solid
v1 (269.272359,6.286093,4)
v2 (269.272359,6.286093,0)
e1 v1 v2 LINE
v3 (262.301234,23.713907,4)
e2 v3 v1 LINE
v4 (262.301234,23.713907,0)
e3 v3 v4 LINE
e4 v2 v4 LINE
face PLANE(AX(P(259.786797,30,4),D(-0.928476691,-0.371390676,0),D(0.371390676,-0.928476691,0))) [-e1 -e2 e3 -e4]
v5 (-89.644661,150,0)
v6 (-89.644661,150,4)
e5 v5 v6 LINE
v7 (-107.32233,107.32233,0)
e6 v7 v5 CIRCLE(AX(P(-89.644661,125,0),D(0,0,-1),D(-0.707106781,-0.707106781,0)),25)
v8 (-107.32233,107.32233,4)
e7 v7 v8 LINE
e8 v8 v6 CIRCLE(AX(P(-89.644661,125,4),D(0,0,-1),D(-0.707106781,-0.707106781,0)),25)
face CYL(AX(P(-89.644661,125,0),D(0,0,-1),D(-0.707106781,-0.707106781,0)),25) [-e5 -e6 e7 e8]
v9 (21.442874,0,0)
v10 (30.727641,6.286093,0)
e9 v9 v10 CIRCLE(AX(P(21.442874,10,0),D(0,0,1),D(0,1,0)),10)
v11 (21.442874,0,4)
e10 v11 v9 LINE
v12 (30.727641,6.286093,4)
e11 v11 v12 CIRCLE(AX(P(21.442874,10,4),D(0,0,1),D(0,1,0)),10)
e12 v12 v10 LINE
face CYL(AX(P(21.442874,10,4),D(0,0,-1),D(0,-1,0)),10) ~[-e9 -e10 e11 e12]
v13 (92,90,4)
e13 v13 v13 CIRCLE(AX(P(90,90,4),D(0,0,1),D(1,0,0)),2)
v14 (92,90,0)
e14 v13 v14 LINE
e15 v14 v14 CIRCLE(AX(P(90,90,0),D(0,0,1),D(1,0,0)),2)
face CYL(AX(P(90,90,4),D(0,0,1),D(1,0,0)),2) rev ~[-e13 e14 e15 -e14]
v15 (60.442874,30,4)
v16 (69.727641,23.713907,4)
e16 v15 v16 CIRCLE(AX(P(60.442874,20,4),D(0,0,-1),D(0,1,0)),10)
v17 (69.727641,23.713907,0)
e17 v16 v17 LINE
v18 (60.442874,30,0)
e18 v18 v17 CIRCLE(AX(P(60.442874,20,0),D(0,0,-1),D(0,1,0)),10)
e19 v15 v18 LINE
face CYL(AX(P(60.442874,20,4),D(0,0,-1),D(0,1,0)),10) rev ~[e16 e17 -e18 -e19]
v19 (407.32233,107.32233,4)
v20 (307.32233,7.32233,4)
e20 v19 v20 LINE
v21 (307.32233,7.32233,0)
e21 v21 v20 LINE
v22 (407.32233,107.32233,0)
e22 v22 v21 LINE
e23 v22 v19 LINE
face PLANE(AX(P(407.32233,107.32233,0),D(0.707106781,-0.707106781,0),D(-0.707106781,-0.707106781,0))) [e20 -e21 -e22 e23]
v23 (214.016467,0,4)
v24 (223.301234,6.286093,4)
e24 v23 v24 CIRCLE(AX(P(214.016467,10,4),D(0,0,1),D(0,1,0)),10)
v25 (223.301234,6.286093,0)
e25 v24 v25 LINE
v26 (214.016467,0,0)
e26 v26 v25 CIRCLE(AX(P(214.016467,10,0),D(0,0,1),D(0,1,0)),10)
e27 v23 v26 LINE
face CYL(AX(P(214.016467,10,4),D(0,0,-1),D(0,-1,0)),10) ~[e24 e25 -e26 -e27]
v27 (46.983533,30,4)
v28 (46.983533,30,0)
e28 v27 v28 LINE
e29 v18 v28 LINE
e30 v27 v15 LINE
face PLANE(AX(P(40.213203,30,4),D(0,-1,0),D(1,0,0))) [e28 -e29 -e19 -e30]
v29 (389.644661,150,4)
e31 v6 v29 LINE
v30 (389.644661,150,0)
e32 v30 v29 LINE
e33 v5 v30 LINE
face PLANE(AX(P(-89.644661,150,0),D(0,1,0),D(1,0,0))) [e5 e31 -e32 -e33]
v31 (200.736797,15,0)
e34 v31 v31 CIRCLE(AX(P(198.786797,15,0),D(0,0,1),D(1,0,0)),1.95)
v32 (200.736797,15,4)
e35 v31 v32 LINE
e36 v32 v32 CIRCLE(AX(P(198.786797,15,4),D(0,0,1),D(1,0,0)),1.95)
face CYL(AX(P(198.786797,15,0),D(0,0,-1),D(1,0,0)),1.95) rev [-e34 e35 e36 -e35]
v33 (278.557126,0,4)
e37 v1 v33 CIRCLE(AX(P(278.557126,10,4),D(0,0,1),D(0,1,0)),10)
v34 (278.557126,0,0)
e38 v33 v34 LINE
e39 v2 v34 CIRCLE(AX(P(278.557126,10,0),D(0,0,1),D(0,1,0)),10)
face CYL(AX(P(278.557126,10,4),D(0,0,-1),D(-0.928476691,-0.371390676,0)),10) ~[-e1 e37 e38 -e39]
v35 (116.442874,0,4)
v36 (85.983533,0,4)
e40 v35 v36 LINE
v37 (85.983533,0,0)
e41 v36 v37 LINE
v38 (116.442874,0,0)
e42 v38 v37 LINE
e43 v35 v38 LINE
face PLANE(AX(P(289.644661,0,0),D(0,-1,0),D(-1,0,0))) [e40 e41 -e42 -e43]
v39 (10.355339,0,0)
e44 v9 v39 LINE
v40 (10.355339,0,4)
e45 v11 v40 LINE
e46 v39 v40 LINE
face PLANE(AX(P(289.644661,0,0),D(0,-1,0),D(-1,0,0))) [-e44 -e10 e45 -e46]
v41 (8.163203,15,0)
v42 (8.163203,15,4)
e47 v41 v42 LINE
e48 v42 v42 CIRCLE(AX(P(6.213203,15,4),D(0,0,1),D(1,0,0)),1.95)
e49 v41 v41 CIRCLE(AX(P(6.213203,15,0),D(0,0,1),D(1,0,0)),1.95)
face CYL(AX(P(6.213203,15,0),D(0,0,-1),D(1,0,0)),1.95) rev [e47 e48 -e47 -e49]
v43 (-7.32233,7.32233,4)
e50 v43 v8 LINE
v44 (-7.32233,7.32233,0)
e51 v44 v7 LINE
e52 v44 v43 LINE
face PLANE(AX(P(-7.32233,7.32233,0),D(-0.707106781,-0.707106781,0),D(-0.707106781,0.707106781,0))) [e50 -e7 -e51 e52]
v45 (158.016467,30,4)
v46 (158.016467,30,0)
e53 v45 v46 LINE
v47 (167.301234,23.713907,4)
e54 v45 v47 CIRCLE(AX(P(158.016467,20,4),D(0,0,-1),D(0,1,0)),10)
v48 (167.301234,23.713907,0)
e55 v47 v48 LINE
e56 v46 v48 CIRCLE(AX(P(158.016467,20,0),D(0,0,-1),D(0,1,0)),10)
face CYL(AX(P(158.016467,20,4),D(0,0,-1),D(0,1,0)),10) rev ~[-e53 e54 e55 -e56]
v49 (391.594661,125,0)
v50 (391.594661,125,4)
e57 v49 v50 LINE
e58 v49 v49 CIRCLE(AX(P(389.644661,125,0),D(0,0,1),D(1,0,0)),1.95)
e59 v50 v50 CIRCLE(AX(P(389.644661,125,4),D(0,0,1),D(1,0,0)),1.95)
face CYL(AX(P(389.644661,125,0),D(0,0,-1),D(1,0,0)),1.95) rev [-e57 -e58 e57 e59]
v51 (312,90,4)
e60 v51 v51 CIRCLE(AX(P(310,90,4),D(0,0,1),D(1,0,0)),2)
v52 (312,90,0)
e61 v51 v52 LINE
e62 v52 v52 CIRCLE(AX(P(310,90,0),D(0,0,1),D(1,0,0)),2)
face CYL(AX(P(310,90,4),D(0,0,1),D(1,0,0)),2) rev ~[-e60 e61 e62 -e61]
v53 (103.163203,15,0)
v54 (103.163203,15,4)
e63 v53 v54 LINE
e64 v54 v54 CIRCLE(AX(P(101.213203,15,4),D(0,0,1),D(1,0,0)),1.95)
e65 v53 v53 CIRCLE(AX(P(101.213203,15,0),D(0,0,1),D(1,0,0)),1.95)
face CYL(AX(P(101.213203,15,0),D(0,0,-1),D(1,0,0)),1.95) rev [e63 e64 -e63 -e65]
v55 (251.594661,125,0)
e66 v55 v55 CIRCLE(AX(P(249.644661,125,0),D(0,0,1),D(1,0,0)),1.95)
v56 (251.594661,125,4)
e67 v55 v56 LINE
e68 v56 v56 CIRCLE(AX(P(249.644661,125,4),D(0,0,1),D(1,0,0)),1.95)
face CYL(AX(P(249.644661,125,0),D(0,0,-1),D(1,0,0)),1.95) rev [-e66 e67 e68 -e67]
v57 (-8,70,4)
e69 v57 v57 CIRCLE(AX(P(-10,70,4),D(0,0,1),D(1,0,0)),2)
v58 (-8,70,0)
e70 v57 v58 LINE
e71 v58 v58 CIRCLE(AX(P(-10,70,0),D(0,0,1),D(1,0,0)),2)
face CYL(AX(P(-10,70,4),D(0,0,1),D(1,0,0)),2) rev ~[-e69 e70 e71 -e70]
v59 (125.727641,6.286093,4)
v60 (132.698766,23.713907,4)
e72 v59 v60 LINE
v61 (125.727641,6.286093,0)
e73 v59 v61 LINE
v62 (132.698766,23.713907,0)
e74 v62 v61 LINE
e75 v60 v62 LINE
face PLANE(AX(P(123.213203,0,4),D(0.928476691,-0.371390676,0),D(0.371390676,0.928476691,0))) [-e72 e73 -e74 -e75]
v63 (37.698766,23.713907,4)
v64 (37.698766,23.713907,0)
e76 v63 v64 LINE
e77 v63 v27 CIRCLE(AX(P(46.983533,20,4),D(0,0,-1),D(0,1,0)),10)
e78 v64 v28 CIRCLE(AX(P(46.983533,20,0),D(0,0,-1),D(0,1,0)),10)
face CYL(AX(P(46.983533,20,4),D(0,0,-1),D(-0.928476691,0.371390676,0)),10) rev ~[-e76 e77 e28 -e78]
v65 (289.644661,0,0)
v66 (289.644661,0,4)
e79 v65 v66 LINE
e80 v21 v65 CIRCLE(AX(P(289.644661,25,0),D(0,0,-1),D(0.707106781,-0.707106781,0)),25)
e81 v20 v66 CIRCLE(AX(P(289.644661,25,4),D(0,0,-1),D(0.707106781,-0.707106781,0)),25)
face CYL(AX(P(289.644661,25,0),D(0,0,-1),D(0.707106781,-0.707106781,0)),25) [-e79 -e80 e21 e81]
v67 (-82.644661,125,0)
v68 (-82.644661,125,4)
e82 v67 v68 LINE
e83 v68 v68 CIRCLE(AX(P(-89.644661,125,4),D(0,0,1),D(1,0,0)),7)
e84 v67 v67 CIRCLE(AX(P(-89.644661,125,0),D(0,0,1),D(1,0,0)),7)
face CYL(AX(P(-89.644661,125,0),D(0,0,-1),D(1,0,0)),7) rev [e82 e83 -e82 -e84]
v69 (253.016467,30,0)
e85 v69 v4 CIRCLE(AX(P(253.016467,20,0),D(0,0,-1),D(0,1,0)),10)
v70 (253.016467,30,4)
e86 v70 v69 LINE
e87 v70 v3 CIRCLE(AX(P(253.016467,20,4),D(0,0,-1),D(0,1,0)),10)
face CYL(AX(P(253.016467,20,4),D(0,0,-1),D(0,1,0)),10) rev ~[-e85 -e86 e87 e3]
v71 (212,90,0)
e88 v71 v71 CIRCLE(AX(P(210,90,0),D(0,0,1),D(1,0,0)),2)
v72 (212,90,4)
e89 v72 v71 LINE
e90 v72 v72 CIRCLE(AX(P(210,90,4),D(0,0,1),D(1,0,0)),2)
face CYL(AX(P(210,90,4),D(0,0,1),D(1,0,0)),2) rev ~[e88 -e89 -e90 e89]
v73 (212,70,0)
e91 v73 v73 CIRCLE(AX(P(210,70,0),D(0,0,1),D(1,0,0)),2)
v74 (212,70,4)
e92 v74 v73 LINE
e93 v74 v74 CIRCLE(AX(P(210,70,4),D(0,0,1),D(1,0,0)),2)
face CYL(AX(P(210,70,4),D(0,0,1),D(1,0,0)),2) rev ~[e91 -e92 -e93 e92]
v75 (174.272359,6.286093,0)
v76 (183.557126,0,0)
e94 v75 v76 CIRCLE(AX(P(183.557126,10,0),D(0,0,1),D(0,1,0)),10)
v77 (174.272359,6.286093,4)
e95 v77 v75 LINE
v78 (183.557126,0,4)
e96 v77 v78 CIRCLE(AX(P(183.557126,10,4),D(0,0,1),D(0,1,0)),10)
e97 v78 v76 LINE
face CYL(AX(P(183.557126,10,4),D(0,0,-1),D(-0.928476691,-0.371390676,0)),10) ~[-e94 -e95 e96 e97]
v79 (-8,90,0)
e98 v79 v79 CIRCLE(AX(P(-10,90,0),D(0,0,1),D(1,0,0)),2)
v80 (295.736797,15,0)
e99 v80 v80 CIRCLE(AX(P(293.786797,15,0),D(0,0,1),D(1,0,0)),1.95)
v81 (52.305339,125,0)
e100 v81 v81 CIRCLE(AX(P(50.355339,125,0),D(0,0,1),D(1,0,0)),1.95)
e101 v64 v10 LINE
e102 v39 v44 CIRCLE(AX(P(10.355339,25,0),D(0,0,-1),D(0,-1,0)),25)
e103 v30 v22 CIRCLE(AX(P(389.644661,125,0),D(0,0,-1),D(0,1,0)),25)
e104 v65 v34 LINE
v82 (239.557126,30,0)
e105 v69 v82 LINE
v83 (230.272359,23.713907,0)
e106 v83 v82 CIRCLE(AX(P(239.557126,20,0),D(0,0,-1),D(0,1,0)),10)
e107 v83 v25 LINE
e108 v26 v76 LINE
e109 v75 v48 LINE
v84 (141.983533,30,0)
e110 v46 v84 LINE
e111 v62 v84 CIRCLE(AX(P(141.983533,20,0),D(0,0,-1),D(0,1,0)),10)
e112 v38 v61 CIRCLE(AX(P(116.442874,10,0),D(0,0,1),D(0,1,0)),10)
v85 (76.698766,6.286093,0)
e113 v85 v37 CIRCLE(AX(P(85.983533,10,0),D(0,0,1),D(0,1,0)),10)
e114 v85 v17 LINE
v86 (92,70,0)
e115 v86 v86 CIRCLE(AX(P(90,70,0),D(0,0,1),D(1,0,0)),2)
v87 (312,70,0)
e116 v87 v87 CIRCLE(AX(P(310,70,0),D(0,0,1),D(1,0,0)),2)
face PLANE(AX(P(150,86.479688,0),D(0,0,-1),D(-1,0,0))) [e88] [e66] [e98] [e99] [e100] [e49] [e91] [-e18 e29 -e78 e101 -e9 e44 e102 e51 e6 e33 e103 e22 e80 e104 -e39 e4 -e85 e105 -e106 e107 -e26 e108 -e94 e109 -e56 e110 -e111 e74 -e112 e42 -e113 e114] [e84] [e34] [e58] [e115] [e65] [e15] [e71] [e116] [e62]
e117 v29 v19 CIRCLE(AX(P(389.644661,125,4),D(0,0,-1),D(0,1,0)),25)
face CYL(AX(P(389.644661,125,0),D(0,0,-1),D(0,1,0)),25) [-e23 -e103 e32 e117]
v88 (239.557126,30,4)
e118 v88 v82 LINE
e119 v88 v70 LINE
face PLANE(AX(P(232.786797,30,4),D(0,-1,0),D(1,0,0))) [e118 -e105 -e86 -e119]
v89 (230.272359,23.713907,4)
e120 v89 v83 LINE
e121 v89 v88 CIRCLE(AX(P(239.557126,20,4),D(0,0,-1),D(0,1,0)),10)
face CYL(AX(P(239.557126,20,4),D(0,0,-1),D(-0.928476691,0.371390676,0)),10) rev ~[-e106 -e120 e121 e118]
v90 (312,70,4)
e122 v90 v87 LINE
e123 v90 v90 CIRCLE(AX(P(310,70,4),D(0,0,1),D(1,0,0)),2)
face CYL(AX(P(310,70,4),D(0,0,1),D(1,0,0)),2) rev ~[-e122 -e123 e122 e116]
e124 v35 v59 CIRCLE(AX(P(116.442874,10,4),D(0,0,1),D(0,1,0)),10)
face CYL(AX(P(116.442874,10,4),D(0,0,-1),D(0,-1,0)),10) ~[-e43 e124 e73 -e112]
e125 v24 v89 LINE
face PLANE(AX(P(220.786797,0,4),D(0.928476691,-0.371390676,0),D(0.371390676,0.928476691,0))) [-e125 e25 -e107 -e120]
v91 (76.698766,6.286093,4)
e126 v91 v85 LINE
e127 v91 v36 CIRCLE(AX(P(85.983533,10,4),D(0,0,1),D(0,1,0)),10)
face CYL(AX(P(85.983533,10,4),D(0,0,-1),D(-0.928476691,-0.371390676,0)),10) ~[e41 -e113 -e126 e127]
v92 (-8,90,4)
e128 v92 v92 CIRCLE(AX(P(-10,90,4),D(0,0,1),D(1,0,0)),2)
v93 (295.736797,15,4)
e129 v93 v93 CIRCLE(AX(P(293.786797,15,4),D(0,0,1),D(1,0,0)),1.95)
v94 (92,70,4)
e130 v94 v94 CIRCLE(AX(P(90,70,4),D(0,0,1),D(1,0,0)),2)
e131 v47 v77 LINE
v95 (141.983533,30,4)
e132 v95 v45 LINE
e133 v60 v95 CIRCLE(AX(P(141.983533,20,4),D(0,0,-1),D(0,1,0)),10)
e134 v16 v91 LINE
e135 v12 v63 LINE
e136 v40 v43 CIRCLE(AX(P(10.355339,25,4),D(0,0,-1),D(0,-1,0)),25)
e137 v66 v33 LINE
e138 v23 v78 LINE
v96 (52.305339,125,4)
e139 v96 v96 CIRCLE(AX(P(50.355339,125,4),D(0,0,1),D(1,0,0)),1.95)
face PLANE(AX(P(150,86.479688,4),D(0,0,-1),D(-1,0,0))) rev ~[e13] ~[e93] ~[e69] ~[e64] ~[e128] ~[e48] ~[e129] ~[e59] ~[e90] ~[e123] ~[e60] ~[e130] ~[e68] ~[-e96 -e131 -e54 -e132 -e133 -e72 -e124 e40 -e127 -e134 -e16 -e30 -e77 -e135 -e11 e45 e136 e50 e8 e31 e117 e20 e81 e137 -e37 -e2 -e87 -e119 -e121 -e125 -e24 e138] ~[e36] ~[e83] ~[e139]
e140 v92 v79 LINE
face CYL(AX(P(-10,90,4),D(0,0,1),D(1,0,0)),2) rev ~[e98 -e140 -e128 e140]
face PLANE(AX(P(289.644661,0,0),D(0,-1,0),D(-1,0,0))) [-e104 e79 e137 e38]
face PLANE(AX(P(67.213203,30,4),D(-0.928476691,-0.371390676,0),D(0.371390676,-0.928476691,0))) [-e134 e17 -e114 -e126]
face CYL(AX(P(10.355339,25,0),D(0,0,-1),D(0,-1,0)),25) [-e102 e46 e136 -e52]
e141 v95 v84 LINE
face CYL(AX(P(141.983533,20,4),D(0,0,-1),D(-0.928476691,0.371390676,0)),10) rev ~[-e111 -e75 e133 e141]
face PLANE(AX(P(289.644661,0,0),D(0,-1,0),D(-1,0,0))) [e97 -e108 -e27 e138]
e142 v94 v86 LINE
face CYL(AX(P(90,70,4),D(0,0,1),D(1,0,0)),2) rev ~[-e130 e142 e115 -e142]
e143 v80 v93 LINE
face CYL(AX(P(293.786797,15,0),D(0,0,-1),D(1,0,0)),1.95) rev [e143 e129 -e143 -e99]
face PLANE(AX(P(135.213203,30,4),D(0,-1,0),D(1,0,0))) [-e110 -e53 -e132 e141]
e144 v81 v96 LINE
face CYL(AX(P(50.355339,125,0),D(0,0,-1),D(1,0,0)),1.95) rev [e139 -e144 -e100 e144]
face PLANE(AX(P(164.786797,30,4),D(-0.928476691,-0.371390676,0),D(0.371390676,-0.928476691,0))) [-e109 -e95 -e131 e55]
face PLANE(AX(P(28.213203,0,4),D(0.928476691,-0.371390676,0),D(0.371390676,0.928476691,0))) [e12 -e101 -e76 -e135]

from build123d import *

# Parameters (mm, degrees)
SKETCH_1_R          = 1.95
SKETCH_1_R_2        = 7
EXTRUDE_1_DEPTH     = 4
SKETCH_2_R          = 2
CUT_EXTRUDE_1_DEPTH = 10
CUT_EXTRUDE_2_DEPTH = 10
FILLET_1_R          = 10


with BuildPart() as part:
    # 草图1 → 凸台-拉伸1 (new body)
    with BuildSketch(Plane.XY):
        with BuildLine():
            Line((-7.32233047, 7.32233047), (-107.32233047, 107.32233047))
            ThreePointArc((-107.32233047, 107.32233047), (-112.741649253, 134.567085809), (-89.644660941, 150))
            Line((-89.644660941, 150), (389.644660941, 150))
            ThreePointArc((389.644660941, 150), (412.741649253, 134.567085809), (407.32233047, 107.32233047))
            Line((407.32233047, 107.32233047), (307.32233047, 7.32233047))
            ThreePointArc((307.32233047, 7.32233047), (299.21174675, 1.903011687), (289.644660941, 0))
            Line((289.644660941, 0), (10.355339059, 0))
            ThreePointArc((10.355339059, 0), (0.78825325, 1.903011687), (-7.32233047, 7.32233047))
        make_face()
        with Locations((50.355339059, 125)):
            Circle(SKETCH_1_R, mode=Mode.SUBTRACT)
        with Locations((249.644660941, 125)):
            Circle(SKETCH_1_R, mode=Mode.SUBTRACT)
        with Locations((101.213203436, 15)):
            Circle(SKETCH_1_R, mode=Mode.SUBTRACT)
        with Locations((198.786796564, 15)):
            Circle(SKETCH_1_R, mode=Mode.SUBTRACT)
        with Locations((-89.644660941, 125)):
            Circle(SKETCH_1_R_2, mode=Mode.SUBTRACT)
        with Locations((6.213203436, 15)):
            Circle(SKETCH_1_R, mode=Mode.SUBTRACT)
        with Locations((293.786796564, 15)):
            Circle(SKETCH_1_R, mode=Mode.SUBTRACT)
        with Locations((389.644660941, 125)):
            Circle(SKETCH_1_R, mode=Mode.SUBTRACT)
    extrude(amount=EXTRUDE_1_DEPTH)

    # 草图2 → 切除-拉伸1 (cut)
    with BuildSketch(Plane.XY.offset(4)):
        with Locations((-10, 90)):
            Circle(SKETCH_2_R)
        with Locations((90, 90)):
            Circle(SKETCH_2_R)
        with Locations((210, 90)):
            Circle(SKETCH_2_R)
        with Locations((310, 90)):
            Circle(SKETCH_2_R)
        with Locations((-10, 70)):
            Circle(SKETCH_2_R)
        with Locations((90, 70)):
            Circle(SKETCH_2_R)
        with Locations((210, 70)):
            Circle(SKETCH_2_R)
        with Locations((310, 70)):
            Circle(SKETCH_2_R)
    extrude(amount=-CUT_EXTRUDE_1_DEPTH, mode=Mode.SUBTRACT)

    # 草图3 → 切除-拉伸2 (cut)
    with BuildSketch(Plane.XY.offset(4)):
        Polygon((28.213203436, 0), (40.213203436, 30), (67.213203436, 30), (79.213203436, 0), align=None)
        Polygon((123.213203436, 0), (135.213203436, 30), (164.786796564, 30), (176.786796564, 0), align=None)
        Polygon((220.786796564, 0), (232.786796564, 30), (259.786796564, 30), (271.786796564, 0), align=None)
    extrude(amount=-CUT_EXTRUDE_2_DEPTH, mode=Mode.SUBTRACT)

    # 圆角1
    fillet_1_edges = [part.edges().sort_by_distance(p)[0] for p in [
        (271.786796564, 0, 2),
        (220.786796564, 0, 2),
        (176.786796564, 0, 2),
        (123.213203436, 0, 2),
        (79.213203436, 0, 2),
        (28.213203436, 0, 2),
        (40.213203436, 30, 2),
        (67.213203436, 30, 2),
        (135.213203436, 30, 2),
        (164.786796564, 30, 2),
        (232.786796564, 30, 2),
        (259.786796564, 30, 2),
    ]]
    fillet(fillet_1_edges, radius=FILLET_1_R)


solid = part.part
